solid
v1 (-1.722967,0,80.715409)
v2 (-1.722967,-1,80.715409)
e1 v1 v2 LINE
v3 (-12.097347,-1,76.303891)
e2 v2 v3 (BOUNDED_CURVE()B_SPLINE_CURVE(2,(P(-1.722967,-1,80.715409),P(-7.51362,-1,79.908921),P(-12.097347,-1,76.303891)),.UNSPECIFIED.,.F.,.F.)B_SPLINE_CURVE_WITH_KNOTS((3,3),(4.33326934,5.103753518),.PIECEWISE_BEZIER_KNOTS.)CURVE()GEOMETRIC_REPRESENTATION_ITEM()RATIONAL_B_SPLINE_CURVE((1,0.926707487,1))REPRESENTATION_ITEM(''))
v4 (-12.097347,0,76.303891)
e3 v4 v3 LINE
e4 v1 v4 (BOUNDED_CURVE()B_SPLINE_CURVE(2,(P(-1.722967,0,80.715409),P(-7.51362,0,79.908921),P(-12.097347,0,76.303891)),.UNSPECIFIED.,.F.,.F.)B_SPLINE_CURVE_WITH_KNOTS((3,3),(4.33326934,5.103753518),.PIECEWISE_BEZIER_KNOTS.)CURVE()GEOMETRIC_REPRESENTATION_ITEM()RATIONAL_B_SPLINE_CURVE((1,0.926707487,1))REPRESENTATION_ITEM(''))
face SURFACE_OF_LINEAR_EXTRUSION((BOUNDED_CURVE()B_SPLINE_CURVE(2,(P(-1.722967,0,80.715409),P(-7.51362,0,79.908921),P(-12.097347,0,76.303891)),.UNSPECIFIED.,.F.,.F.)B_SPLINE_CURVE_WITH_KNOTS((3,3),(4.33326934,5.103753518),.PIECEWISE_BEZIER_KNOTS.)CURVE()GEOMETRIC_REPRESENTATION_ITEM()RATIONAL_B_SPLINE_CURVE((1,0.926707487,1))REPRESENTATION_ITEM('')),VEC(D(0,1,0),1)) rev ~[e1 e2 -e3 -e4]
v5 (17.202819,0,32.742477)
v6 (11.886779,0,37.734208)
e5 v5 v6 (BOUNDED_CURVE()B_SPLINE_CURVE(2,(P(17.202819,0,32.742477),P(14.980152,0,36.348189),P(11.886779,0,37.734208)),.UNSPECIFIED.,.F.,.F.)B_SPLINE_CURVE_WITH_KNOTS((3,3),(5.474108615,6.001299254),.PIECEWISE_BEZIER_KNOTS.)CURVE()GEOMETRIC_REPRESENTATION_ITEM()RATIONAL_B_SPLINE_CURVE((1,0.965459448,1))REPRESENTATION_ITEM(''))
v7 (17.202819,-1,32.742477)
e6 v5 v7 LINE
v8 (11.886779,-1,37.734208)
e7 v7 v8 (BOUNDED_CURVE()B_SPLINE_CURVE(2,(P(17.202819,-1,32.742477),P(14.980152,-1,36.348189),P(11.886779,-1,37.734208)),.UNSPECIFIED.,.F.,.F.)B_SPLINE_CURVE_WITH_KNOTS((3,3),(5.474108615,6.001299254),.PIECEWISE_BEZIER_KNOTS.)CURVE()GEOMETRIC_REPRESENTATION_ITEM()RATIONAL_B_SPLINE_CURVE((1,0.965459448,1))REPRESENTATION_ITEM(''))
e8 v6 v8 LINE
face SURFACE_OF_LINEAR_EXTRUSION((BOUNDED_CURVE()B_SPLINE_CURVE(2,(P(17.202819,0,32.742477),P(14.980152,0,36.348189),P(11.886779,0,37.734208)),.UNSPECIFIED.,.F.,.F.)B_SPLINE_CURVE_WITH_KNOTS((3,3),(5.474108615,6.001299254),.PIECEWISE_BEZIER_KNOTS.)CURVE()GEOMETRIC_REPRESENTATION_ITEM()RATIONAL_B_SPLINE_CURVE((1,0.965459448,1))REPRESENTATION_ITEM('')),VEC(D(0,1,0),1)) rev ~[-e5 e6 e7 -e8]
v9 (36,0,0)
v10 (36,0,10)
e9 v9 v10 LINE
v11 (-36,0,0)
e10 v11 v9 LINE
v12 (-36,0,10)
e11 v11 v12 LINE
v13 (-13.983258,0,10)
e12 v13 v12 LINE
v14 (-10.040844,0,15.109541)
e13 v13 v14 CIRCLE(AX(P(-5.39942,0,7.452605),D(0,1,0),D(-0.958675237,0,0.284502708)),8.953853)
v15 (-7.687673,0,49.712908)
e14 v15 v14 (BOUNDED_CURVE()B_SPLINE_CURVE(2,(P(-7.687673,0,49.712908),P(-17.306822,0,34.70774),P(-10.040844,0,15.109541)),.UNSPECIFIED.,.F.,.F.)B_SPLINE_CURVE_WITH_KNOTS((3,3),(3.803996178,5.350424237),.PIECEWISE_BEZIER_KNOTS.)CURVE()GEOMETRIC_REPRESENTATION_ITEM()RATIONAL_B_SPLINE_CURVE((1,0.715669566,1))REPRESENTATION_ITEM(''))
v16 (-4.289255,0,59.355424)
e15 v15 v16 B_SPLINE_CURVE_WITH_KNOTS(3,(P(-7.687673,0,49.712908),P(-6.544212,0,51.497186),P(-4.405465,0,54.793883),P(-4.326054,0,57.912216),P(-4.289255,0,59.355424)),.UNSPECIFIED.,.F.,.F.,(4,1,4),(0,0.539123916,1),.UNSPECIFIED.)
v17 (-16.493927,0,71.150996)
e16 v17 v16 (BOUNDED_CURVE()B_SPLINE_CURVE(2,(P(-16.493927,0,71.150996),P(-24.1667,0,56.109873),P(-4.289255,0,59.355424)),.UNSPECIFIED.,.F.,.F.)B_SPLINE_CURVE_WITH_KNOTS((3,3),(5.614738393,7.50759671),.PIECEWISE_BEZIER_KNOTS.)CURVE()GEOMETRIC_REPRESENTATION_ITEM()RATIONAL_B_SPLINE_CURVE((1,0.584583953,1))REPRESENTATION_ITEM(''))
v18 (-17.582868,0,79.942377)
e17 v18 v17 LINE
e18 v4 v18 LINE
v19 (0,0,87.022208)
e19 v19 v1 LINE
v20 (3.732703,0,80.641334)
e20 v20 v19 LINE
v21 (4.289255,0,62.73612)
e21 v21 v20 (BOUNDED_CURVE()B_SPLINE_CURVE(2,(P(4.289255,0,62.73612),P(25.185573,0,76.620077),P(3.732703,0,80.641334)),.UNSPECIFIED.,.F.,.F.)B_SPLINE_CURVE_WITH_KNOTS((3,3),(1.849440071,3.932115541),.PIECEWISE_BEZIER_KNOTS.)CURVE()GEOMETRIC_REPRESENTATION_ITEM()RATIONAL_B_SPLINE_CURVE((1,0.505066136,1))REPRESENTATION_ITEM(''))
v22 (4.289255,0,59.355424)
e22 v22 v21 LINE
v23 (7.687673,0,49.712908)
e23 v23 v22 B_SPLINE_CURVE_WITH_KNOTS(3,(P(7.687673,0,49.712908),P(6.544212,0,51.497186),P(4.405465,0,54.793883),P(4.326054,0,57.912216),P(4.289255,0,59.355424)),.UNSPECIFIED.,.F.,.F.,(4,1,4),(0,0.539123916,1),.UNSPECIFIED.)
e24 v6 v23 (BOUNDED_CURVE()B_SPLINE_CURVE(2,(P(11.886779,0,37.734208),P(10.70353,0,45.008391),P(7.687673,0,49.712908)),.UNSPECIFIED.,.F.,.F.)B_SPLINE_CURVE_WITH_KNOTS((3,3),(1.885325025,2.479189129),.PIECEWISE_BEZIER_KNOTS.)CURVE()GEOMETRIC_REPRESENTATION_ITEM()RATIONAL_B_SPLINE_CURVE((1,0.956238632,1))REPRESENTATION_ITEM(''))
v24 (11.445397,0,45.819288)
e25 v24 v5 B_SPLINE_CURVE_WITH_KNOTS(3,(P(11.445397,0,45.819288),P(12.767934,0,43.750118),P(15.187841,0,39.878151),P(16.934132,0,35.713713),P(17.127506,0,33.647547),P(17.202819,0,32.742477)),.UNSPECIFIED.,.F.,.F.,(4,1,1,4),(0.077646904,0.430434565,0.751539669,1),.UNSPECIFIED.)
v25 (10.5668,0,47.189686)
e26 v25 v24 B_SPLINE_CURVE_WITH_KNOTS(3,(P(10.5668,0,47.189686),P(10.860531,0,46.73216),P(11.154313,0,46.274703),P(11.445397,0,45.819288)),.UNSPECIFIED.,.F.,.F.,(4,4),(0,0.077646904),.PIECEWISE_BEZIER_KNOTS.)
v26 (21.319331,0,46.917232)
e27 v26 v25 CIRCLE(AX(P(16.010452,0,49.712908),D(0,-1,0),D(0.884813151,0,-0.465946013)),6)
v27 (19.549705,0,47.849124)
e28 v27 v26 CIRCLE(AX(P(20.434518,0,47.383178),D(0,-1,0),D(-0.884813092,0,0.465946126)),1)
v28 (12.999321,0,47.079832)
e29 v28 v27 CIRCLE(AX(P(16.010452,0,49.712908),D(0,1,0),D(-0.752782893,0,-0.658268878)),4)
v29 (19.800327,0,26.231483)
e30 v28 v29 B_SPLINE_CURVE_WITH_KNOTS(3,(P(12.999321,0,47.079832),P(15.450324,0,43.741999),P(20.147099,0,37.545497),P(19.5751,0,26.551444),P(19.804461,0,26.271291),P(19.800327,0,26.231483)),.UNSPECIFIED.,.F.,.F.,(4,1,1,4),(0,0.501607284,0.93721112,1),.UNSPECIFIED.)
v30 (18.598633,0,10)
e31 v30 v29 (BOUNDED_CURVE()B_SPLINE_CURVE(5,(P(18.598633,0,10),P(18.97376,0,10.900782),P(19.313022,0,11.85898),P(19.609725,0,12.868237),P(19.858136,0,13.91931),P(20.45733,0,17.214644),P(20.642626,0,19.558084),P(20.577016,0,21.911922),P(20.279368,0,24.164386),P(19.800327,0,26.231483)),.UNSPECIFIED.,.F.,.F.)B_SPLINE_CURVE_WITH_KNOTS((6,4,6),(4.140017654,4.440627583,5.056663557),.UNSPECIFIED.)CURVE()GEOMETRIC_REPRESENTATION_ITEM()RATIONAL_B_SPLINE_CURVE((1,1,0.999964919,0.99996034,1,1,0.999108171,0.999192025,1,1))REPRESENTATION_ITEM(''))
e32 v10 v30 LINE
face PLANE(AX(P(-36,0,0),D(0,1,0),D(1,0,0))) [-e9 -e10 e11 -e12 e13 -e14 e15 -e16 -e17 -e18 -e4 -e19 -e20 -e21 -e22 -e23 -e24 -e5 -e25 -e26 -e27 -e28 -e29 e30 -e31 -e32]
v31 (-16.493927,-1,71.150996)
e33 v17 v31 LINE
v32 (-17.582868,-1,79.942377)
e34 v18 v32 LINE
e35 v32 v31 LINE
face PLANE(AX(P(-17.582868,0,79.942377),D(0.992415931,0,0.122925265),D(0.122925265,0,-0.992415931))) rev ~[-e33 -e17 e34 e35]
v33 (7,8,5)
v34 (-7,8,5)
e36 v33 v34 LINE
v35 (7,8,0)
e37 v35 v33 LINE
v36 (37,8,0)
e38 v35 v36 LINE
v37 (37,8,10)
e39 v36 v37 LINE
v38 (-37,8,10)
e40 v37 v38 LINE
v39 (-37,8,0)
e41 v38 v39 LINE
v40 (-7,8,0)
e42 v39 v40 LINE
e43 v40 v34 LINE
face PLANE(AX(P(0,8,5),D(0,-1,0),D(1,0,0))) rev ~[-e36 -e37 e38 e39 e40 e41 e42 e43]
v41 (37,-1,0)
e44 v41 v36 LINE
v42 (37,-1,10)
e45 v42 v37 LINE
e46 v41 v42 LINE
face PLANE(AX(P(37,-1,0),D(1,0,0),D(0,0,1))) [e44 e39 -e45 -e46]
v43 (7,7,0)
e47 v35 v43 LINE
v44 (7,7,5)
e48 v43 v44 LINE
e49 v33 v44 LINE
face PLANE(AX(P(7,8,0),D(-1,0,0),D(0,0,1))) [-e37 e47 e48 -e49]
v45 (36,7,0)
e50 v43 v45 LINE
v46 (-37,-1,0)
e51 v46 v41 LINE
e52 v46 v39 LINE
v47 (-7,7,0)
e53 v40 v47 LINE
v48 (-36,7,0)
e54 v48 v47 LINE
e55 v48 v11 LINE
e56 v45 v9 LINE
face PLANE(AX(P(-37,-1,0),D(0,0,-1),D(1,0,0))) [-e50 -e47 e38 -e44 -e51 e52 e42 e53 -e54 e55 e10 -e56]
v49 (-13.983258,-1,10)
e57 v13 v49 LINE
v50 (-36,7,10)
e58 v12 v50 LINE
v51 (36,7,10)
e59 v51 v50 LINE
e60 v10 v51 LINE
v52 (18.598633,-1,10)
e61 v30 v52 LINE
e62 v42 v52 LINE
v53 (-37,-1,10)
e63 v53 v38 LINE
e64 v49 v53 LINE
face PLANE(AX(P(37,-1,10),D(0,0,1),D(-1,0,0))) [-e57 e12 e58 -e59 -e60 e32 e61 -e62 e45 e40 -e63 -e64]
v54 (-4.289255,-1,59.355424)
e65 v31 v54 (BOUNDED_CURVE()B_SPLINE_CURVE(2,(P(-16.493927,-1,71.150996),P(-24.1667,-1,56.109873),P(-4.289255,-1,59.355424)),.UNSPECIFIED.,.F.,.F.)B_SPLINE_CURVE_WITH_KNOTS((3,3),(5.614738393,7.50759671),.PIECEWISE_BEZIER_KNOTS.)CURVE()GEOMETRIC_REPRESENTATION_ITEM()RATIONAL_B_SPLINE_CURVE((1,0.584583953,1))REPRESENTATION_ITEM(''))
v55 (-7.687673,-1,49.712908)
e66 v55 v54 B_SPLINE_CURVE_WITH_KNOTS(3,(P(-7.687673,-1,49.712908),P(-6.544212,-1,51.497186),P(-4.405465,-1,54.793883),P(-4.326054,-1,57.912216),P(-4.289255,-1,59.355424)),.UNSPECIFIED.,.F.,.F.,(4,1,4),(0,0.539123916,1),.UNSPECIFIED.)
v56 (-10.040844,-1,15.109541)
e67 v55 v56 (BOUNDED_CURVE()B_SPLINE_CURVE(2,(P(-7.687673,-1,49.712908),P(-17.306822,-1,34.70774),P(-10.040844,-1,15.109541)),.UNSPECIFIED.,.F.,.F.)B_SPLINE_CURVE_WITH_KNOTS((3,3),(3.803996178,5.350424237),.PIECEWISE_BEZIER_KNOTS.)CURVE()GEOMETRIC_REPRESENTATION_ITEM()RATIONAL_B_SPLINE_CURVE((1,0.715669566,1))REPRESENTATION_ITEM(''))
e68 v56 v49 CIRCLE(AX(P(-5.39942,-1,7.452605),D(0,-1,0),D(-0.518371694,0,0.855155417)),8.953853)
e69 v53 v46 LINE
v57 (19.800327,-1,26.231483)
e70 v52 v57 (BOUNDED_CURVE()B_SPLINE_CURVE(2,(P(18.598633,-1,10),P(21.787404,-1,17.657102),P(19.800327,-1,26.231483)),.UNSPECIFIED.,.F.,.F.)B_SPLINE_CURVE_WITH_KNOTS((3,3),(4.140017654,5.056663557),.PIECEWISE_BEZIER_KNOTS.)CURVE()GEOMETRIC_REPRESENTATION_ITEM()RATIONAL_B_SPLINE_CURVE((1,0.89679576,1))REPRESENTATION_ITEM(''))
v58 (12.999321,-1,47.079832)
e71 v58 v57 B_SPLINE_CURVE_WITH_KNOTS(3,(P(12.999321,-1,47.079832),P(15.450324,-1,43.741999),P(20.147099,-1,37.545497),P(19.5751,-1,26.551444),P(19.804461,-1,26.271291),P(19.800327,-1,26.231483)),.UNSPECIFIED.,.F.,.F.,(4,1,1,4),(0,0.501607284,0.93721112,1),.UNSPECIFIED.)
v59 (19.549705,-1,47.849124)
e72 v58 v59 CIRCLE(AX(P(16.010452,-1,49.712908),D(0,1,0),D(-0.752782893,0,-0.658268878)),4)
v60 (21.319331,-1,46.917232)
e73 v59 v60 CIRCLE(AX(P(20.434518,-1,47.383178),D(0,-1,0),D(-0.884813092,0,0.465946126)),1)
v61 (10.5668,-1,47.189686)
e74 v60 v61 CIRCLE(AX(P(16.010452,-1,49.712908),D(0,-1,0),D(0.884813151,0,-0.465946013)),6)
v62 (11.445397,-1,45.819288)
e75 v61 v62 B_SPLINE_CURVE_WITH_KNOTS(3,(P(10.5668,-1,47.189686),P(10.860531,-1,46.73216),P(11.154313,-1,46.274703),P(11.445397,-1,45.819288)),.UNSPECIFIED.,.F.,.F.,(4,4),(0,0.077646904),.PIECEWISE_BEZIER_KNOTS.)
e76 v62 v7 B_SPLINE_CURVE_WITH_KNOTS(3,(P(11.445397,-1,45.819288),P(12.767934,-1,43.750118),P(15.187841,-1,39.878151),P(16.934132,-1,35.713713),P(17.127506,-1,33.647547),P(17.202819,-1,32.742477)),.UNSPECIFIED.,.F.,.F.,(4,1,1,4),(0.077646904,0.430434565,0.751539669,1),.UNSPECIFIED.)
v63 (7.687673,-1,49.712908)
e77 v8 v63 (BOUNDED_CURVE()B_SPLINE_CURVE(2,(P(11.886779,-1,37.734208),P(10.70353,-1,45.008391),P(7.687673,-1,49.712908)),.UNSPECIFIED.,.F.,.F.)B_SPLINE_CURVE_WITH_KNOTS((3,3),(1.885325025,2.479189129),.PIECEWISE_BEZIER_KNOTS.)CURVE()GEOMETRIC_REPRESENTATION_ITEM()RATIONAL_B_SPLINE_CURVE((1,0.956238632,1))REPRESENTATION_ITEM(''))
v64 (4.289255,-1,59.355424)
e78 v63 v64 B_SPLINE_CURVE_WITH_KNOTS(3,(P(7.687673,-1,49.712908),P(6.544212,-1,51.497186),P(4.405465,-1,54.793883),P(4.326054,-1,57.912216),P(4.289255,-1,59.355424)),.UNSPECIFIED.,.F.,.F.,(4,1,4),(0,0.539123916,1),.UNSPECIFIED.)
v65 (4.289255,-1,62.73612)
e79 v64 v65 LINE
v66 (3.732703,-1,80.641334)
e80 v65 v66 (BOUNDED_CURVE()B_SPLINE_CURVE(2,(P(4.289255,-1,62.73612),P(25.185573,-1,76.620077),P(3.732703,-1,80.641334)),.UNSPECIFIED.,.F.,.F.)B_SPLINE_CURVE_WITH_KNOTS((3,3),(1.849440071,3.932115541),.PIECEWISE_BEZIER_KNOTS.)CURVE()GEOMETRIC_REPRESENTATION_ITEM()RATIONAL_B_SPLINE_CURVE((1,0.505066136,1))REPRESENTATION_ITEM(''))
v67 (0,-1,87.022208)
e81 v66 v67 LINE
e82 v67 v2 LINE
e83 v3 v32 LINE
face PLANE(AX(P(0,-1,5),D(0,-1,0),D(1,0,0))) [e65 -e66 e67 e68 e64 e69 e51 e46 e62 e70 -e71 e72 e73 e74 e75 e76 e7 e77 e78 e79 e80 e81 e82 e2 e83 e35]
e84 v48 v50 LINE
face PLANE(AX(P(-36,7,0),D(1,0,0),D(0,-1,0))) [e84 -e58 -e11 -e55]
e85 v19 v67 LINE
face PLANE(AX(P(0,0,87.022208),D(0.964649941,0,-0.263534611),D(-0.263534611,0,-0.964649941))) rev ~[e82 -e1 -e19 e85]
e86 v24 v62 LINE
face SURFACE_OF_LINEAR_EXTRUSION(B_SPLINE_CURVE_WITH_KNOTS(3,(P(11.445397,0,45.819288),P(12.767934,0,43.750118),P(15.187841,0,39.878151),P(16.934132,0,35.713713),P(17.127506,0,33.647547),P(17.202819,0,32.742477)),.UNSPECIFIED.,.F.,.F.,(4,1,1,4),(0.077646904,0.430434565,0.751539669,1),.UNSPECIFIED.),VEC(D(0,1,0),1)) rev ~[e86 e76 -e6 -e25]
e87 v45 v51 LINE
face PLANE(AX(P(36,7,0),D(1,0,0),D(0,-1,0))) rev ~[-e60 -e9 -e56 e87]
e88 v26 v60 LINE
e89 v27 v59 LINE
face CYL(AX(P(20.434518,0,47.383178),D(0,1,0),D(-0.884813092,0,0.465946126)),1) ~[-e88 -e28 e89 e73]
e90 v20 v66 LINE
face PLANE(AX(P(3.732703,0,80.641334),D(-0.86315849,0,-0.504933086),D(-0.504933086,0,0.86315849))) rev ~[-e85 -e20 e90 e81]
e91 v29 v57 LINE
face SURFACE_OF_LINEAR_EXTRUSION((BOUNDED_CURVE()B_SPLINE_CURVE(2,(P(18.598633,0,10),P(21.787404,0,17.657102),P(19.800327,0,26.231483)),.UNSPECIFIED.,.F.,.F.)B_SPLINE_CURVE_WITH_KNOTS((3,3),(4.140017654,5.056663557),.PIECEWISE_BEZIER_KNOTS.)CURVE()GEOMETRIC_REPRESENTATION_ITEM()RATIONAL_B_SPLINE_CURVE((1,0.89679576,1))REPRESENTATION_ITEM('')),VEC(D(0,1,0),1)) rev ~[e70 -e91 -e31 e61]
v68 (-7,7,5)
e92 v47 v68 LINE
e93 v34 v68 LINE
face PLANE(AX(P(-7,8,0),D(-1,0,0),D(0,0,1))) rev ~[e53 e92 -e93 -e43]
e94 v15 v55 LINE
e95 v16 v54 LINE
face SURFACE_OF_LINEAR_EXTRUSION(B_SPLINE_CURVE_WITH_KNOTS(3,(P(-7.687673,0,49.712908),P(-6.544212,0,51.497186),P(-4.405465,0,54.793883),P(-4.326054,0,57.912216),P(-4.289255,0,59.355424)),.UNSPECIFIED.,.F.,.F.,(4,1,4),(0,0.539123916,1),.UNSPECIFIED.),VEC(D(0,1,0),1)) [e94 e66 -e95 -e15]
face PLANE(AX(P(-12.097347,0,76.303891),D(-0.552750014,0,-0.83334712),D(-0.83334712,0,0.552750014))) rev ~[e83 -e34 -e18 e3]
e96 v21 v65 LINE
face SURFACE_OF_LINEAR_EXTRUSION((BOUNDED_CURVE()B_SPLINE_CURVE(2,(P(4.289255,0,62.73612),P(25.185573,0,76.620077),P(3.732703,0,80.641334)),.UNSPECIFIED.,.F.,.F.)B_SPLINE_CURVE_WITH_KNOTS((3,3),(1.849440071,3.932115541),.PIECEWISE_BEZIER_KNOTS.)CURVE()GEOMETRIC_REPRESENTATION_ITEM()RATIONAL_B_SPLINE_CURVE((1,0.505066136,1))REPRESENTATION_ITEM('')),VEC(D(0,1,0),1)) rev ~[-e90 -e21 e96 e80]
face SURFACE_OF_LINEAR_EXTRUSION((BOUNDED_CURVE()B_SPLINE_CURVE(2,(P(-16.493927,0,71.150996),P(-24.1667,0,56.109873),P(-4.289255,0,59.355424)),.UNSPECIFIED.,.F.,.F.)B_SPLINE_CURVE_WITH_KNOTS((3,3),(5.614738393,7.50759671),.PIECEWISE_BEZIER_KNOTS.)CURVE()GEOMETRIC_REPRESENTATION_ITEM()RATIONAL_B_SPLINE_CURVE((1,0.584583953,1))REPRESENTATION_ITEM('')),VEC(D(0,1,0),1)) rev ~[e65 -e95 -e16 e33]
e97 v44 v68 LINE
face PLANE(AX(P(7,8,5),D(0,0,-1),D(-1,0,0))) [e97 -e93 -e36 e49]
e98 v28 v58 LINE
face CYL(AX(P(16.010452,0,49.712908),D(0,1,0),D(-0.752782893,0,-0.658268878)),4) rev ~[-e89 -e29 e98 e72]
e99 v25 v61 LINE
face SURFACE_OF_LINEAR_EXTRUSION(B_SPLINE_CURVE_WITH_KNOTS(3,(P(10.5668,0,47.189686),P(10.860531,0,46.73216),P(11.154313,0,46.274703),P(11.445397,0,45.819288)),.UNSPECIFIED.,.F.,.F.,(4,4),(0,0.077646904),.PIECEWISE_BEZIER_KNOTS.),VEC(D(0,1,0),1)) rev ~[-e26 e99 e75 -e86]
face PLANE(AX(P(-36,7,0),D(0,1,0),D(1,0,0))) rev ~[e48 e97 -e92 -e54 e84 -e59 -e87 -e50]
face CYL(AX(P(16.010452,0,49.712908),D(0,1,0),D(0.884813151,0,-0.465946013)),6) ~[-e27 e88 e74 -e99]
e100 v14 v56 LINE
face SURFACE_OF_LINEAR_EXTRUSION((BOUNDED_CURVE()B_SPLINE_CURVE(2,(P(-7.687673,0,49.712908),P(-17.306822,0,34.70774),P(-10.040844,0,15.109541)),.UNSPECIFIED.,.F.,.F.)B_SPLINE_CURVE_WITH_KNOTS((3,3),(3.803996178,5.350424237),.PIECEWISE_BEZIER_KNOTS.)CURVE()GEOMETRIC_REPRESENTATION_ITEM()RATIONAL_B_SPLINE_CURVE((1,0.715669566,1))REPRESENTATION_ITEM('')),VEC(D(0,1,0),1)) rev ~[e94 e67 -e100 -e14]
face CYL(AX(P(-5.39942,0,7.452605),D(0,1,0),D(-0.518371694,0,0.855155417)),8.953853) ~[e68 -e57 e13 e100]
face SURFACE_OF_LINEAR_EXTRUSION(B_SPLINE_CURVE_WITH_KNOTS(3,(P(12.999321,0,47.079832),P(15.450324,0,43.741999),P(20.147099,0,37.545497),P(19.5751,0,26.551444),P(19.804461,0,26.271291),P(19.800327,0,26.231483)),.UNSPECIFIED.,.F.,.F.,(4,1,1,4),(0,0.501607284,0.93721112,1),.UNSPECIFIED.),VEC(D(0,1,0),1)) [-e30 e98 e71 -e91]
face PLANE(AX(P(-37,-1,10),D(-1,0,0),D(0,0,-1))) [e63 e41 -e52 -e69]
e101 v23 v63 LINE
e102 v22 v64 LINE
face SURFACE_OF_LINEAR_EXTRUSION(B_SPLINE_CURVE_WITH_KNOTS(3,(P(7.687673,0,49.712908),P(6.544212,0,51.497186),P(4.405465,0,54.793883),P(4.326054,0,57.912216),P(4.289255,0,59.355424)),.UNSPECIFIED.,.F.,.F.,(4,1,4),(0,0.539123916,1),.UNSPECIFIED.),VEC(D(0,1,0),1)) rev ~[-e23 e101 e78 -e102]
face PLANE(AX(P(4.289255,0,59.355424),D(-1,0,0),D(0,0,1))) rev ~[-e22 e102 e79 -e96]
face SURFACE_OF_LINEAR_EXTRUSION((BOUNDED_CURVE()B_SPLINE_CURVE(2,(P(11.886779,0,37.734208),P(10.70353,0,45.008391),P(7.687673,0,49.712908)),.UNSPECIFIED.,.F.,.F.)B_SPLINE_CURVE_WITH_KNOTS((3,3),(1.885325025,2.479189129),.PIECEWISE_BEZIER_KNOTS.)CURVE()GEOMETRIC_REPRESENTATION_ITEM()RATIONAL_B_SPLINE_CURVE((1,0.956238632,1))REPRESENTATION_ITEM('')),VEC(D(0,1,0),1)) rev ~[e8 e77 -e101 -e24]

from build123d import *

# Parameters (mm, degrees)
F1_DEPTH = 1
F3_DEPTH = 9
F4_W     = 72
F4_H     = 7
F5_DEPTH = 15
F6_W     = 14
F6_H     = 5
F7_DEPTH = 3


with BuildPart() as f1:
    # F0 (on Front) → F1 (new body)
    with BuildSketch(Plane.XZ):
        with BuildLine():
            ThreePointArc((-10.0408443114, 15.1095405693), (-12.4884072009, 12.922316679), (-13.9832575854, 10))
            Line((-13.9832575854, 10), (-7.5, 10))
            Line((-7.5, 10), (18.5986325968, 10))
            add(Edge.make_bspline(
                [(18.5986325968, 10), (21.7874042537, 17.6571019048), (19.80032664, 26.2314829268)],
                knots=[4.1400176542, 4.1400176542, 4.1400176542, 5.0566635569, 5.0566635569, 5.0566635569], degree=2, weights=[1, 0.8967957597, 1]))
            add(Edge.make_bspline(
                [(12.9993207665, 47.0798322294), (15.450324346, 43.741998707), (20.1470988099, 37.5454970427), (19.5750997548, 26.5514442031), (19.804460929, 26.2712905063), (19.80032664, 26.2314829268)],
                knots=[0, 0, 0, 0, 0.5016072838, 0.9372111202, 1, 1, 1, 1], degree=3))
            ThreePointArc((12.9993207665, 47.0798322294), (15.5438900017, 53.6856045082), (19.5497050621, 47.8491239167))
            ThreePointArc((19.5497050621, 47.8491239167), (19.9685720284, 46.4983646989), (21.3193312462, 46.9172316652))
            ThreePointArc((21.3193312462, 46.9172316652), (16.1624355435, 55.7109825264), (10.5667996719, 47.1896864578))
            add(Edge.make_bspline(
                [(10.5667996719, 47.1896864578), (10.8605309783, 46.7321602294), (11.154313152, 46.2747029689), (11.4453972129, 45.8192883847)],
                knots=[0, 0, 0, 0, 0.0776469035, 0.0776469035, 0.0776469035, 0.0776469035], degree=3))
            add(Edge.make_bspline(
                [(11.4453972129, 45.8192883847), (12.767933728, 43.7501183476), (15.1878409182, 39.878150916), (16.9341324434, 35.7137130449), (17.1275061277, 33.6475465249), (17.2028191458, 32.7424766632)],
                knots=[0.0776469035, 0.0776469035, 0.0776469035, 0.0776469035, 0.430434565, 0.7515396694, 1, 1, 1, 1], degree=3))
            add(Edge.make_bspline(
                [(17.2028191458, 32.7424766632), (14.9801521234, 36.3481891595), (11.8867786303, 37.7342081157)],
                knots=[5.474108615, 5.474108615, 5.474108615, 6.0012992542, 6.0012992542, 6.0012992542], degree=2, weights=[1, 0.9654594475, 1]))
            add(Edge.make_bspline(
                [(11.8867786303, 37.7342081157), (10.7035302137, 45.0083914749), (7.68767306, 49.7129077432)],
                knots=[1.8853250248, 1.8853250248, 1.8853250248, 2.4791891292, 2.4791891292, 2.4791891292], degree=2, weights=[1, 0.9562386323, 1]))
            add(Edge.make_bspline(
                [(7.68767306, 49.7129077432), (6.5442123198, 51.4971863092), (4.4054650757, 54.7938829615), (4.3260539824, 57.9122155888), (4.2892550944, 59.3554241747)],
                knots=[0, 0, 0, 0, 0.5391239155, 1, 1, 1, 1], degree=3))
            Line((4.2892550944, 59.3554241747), (4.2892550944, 62.7361203619))
            add(Edge.make_bspline(
                [(4.2892550944, 62.7361203619), (25.1855731849, 76.6200768708), (3.7327027616, 80.6413343112)],
                knots=[1.8494400705, 1.8494400705, 1.8494400705, 3.9321155412, 3.9321155412, 3.9321155412], degree=2, weights=[1, 0.505066136, 1]))
            Line((3.7327027616, 80.6413343112), (0, 87.0222076774))
            Line((0, 87.0222076774), (-1.7229665969, 80.7154094089))
            add(Edge.make_bspline(
                [(-1.7229665969, 80.7154094089), (-7.5136196625, 79.9089208722), (-12.0973469547, 76.3038908078)],
                knots=[4.3332693398, 4.3332693398, 4.3332693398, 5.1037535185, 5.1037535185, 5.1037535185], degree=2, weights=[1, 0.9267074866, 1]))
            Line((-12.0973469547, 76.3038908078), (-17.5828682239, 79.9423769641))
            Line((-17.5828682239, 79.9423769641), (-16.4939268376, 71.1509964352))
            add(Edge.make_bspline(
                [(-16.4939268376, 71.1509964352), (-24.166699821, 56.1098731464), (-4.2892550944, 59.3554241747)],
                knots=[5.6147383929, 5.6147383929, 5.6147383929, 7.5075967098, 7.5075967098, 7.5075967098], degree=2, weights=[1, 0.5845839527, 1]))
            add(Edge.make_bspline(
                [(-7.68767306, 49.7129077432), (-6.5442123198, 51.4971863092), (-4.4054650757, 54.7938829615), (-4.3260539824, 57.9122155888), (-4.2892550944, 59.3554241747)],
                knots=[0, 0, 0, 0, 0.5391239155, 1, 1, 1, 1], degree=3))
            add(Edge.make_bspline(
                [(-7.68767306, 49.7129077432), (-17.3068218361, 34.7077401912), (-10.0408443114, 15.1095405693)],
                knots=[3.803996178, 3.803996178, 3.803996178, 5.3504242368, 5.3504242368, 5.3504242368], degree=2, weights=[1, 0.7156695663, 1]))
        make_face()
    extrude(amount=F1_DEPTH)

    # F2 (on face) → F3 (join)
    with BuildSketch(Plane.XZ.offset(1)):
        Polygon((-37, 10), (-37, 0), (37, 0), (37, 10), (18.5986325968, 10), (-13.9832575854, 10), align=None)
    extrude(amount=-F3_DEPTH)

    # F4 (on face) → F5 (cut)
    with BuildSketch(Plane(origin=(0, 0, 0), x_dir=(1, 0, 0), z_dir=(0, 0, -1))):
        with Locations((0, -3.5)):
            Rectangle(F4_W, F4_H)
    extrude(amount=-F5_DEPTH, mode=Mode.SUBTRACT)

    # F6 (on face) → F7 (cut)
    with BuildSketch(Plane(origin=(0, 8, 0), x_dir=(-1, 0, 0), z_dir=(0, 1, 0))):
        with Locations((0, 2.5)):
            Rectangle(F6_W, F6_H)
    extrude(amount=-F7_DEPTH, mode=Mode.SUBTRACT)


solid = f1.part
